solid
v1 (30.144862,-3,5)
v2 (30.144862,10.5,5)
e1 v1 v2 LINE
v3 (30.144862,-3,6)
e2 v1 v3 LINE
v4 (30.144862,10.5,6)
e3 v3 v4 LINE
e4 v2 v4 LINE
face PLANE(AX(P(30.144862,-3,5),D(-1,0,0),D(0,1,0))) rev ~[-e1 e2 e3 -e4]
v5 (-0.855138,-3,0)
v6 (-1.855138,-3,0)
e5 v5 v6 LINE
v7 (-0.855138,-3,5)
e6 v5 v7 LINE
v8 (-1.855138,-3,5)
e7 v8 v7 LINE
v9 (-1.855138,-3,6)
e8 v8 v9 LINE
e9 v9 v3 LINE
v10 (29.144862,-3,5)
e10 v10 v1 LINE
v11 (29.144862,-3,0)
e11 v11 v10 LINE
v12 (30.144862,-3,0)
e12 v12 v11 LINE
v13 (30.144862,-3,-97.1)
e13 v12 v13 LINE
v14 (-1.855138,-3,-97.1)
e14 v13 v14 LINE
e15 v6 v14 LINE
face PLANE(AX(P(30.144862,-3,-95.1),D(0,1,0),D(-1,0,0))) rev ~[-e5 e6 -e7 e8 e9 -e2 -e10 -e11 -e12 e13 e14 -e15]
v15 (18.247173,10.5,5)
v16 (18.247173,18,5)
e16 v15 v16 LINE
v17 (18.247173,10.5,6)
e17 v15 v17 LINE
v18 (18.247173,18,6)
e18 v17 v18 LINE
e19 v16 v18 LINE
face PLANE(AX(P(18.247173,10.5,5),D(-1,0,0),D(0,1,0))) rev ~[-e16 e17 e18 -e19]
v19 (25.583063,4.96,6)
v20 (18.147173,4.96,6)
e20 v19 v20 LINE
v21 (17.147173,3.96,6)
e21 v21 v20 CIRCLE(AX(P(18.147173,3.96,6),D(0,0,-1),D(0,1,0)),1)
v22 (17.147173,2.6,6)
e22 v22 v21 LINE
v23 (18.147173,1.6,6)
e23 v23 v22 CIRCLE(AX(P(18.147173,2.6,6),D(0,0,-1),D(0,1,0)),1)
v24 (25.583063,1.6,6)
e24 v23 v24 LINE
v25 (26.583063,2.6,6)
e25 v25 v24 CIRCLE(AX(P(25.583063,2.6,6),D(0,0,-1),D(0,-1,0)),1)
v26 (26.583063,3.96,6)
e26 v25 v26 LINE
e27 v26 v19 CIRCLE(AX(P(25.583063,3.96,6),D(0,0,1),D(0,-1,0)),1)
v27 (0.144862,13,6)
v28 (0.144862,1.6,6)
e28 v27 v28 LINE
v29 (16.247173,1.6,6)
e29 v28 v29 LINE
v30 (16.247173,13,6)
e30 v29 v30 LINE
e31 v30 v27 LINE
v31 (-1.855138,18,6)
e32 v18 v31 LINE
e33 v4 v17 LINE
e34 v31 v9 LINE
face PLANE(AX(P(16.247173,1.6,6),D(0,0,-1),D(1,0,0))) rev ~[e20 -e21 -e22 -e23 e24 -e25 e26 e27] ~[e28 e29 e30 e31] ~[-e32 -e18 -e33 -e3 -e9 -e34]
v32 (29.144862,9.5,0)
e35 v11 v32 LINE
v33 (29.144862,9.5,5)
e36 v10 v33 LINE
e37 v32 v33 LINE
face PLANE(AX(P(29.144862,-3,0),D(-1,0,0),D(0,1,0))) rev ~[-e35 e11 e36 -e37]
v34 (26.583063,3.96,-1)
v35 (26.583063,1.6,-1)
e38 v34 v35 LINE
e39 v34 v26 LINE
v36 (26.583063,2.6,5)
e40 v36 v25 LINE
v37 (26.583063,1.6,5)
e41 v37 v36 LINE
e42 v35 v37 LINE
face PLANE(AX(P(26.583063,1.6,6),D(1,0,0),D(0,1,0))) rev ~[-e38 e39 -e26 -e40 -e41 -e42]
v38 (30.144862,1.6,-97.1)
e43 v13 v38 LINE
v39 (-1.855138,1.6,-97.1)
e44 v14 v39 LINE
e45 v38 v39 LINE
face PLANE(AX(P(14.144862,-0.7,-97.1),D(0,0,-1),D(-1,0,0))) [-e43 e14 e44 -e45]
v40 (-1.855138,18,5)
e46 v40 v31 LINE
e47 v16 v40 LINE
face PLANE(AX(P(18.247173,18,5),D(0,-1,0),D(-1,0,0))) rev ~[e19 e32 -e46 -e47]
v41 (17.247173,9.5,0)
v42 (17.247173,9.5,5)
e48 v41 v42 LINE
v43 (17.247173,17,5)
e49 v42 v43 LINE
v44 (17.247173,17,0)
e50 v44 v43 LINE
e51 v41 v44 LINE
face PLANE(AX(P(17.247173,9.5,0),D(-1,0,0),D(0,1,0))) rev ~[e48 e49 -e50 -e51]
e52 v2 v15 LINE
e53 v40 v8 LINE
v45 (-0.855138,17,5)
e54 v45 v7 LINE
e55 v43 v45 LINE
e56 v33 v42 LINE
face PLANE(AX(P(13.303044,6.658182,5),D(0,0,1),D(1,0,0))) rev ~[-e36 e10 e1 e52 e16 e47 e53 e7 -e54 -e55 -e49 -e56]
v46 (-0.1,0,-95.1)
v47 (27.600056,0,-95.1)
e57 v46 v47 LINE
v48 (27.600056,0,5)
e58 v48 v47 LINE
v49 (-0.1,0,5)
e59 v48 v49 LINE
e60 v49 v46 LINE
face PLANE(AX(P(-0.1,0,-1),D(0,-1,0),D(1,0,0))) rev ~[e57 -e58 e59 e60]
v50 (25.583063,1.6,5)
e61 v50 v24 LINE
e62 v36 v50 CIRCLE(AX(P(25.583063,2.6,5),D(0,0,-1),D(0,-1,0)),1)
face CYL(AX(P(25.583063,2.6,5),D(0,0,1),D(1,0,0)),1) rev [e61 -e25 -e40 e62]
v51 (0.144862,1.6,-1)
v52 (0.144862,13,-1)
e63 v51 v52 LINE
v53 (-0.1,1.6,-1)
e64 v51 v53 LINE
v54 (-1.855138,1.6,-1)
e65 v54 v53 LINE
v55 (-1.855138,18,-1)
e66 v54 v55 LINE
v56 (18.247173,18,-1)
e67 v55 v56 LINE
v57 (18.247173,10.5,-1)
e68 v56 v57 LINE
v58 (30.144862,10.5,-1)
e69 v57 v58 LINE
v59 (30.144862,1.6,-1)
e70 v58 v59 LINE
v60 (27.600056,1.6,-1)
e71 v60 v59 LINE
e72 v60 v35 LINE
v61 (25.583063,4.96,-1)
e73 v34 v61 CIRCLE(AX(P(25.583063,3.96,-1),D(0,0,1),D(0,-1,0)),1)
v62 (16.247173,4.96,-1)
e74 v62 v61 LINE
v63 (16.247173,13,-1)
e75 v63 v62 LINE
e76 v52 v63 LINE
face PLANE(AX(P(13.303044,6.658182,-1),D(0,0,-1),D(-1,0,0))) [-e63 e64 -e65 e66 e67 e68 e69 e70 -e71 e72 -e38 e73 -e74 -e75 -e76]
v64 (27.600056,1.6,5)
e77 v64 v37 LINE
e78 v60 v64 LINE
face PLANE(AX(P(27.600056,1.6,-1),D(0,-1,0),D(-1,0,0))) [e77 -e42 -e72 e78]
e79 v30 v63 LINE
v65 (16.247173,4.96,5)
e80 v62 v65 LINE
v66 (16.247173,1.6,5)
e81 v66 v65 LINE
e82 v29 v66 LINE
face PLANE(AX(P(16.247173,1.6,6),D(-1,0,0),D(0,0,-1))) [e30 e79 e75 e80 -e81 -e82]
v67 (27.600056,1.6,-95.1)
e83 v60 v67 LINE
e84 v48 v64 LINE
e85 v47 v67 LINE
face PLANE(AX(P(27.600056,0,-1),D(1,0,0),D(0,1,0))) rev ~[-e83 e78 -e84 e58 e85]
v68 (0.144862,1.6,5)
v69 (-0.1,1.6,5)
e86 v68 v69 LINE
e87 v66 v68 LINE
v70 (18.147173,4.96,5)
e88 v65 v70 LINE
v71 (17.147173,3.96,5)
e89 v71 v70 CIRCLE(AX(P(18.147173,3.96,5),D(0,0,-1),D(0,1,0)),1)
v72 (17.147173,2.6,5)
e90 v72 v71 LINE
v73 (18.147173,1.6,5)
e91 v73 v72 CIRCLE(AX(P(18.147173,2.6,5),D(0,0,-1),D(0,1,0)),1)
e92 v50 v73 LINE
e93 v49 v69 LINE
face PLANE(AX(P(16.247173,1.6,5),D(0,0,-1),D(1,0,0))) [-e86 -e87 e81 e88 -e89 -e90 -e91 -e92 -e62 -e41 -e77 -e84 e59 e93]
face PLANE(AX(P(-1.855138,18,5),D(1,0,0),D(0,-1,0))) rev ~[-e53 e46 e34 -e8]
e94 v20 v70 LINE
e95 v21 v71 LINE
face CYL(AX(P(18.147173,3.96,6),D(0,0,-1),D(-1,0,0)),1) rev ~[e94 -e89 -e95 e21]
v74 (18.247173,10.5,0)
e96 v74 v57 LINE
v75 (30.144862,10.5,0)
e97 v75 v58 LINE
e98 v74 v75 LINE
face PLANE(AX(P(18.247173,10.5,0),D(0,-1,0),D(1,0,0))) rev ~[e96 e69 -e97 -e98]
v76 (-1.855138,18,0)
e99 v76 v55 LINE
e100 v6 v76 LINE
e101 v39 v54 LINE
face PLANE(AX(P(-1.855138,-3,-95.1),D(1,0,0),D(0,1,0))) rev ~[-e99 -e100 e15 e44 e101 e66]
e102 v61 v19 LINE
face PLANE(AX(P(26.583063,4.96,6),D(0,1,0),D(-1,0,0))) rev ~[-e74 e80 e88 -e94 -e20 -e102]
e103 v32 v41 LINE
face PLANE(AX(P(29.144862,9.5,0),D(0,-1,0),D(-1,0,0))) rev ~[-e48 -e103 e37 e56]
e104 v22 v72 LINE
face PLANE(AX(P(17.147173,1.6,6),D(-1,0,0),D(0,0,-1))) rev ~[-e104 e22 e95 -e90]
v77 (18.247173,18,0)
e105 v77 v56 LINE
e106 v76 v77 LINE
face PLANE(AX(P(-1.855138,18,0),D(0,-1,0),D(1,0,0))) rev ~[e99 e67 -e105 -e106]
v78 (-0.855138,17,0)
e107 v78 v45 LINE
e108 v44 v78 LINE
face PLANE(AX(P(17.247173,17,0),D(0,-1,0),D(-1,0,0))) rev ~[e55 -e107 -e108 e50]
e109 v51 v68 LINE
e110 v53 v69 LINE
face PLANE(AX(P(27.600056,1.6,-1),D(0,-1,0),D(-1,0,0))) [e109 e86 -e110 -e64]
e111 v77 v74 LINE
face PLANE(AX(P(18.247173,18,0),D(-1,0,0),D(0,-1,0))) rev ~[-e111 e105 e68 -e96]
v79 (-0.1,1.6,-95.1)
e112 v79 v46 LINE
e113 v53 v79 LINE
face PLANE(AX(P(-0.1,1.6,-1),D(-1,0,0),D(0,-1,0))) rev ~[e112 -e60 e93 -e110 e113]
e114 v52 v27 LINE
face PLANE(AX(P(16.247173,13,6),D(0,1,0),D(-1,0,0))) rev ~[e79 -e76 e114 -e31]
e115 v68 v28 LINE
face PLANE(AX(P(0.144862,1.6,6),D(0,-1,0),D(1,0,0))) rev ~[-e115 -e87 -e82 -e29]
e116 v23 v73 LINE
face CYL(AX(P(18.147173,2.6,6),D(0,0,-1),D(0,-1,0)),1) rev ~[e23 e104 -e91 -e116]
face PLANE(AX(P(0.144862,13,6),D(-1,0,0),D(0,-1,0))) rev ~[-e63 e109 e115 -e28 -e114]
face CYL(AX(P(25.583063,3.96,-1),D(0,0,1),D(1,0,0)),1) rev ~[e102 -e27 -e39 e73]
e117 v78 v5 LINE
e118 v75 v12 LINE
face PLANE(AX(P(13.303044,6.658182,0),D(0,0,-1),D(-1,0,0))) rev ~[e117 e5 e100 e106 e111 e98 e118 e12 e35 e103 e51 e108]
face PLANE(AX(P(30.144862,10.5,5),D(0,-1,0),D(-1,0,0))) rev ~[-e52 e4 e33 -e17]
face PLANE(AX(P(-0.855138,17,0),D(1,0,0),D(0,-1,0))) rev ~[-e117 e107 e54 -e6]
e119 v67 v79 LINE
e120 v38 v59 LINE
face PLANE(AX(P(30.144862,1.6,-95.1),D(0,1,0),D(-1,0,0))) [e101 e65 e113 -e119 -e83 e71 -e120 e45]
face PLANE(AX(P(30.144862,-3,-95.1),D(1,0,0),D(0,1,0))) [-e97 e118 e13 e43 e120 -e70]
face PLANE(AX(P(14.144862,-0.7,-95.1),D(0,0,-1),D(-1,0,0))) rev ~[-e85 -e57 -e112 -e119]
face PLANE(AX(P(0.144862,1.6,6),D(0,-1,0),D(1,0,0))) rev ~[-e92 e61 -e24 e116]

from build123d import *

# Parameters (mm, degrees)
EXTRUDE_2_DEPTH     = 5
EXTRUDE_3_DEPTH     = 1
EXTRUDE_4_DEPTH     = 1
CUT_EXTRUDE_1_DEPTH = 36.801015056
SKETCH_14_W         = 27.70005588
SKETCH_14_H         = 1.6
CUT_EXTRUDE_2_DEPTH = 6
EXTRUDE_7_DEPTH     = 94.1
SKETCH_16_W         = 32
SKETCH_16_H         = 4.6
EXTRUDE_8_DEPTH     = 2
SKETCH_18_W         = 0.9
SKETCH_18_H         = 1
EXTRUDE_10_DEPTH    = 3.36
FILLET_2_R          = 1


with BuildPart() as part:
    # 草图10 → 凸台-拉伸2 (new body)
    with BuildSketch(Plane.XY):
        Polygon((-0.85513843, -3), (29.14486157, -3), (29.14486157, 9.5), (17.247172974, 9.5), (17.247172974, 17), (-0.85513843, 17), align=None)
        Polygon((0.14486157, 1.6), (0.14486157, 13), (16.247172974, 13), (16.247172974, 4.96), (26.583063246, 4.96), (26.583063246, 1.6), align=None, mode=Mode.SUBTRACT)
    extrude(amount=EXTRUDE_2_DEPTH)

    # 草图11 → 凸台-拉伸3 (add)
    with BuildSketch(Plane.XY.offset(5)):
        Polygon((-1.85513843, -3), (30.14486157, -3), (30.14486157, 10.5), (18.247172974, 10.5), (18.247172974, 18), (-1.85513843, 18), align=None)
    extrude(amount=EXTRUDE_3_DEPTH)

    # 草图12 → 凸台-拉伸4 (add)
    with BuildSketch(Plane(origin=(0, 0, 0), x_dir=(-1, 0, 0), z_dir=(0, 0, -1))):
        Polygon((0.85513843, -3), (1.85513843, -3), (1.85513843, 18), (-18.247172974, 18), (-18.247172974, 10.5), (-30.14486157, 10.5), (-30.14486157, -3), (-29.14486157, -3), align=None)
    extrude(amount=EXTRUDE_4_DEPTH)

    # 草图13 → 切除-拉伸1 (cut, through all)
    with BuildSketch(Plane.XY.offset(6)):
        Polygon((16.247172974, 4.96), (16.247172974, 13), (0.14486157, 13), (0.14486157, 1.6), (26.583063246, 1.6), (26.583063246, 4.96), align=None)
    extrude(amount=-CUT_EXTRUDE_1_DEPTH, mode=Mode.SUBTRACT)

    # 草图14 → 切除-拉伸2 (cut)
    with BuildSketch(Plane(origin=(0, 0, -1), x_dir=(-1, 0, 0), z_dir=(0, 0, -1))):
        with Locations((-13.75002794, 0.8)):
            Rectangle(SKETCH_14_W, SKETCH_14_H)
    extrude(amount=-CUT_EXTRUDE_2_DEPTH, mode=Mode.SUBTRACT)

    # 草图15 → 凸台-拉伸7 (add)
    with BuildSketch(Plane(origin=(0, 0, -1), x_dir=(-1, 0, 0), z_dir=(0, 0, -1))):
        Polygon((-30.14486157, -3), (1.85513843, -3), (1.85513843, 1.6), (0.1, 1.6), (0.1, 0), (-27.60005588, 0), (-27.60005588, 1.6), (-30.14486157, 1.6), align=None)
    extrude(amount=EXTRUDE_7_DEPTH)

    # 草图16 → 凸台-拉伸8 (add)
    with BuildSketch(Plane(origin=(0, 0, -95.1), x_dir=(-1, 0, 0), z_dir=(0, 0, -1))):
        with Locations((-14.14486157, -0.7)):
            Rectangle(SKETCH_16_W, SKETCH_16_H)
    extrude(amount=EXTRUDE_8_DEPTH)

    # 草图18 → 凸台-拉伸10 (add)
    with BuildSketch(Plane(origin=(0, 1.6, 0), x_dir=(1, 0, 0), z_dir=(0, 1, 0))):
        with Locations((16.697172974, -5.5)):
            Rectangle(SKETCH_18_W, SKETCH_18_H)
    extrude(amount=EXTRUDE_10_DEPTH)

    # 圆角2
    fillet_2_edges = [part.edges().sort_by_distance(p)[0] for p in [
        (17.147172974, 4.96, 5.5),
        (17.147172974, 1.6, 5.5),
        (26.583063246, 1.6, 5.5),
        (26.583063246, 4.96, 2.5),
    ]]
    fillet(fillet_2_edges, radius=FILLET_2_R)


solid = part.part
